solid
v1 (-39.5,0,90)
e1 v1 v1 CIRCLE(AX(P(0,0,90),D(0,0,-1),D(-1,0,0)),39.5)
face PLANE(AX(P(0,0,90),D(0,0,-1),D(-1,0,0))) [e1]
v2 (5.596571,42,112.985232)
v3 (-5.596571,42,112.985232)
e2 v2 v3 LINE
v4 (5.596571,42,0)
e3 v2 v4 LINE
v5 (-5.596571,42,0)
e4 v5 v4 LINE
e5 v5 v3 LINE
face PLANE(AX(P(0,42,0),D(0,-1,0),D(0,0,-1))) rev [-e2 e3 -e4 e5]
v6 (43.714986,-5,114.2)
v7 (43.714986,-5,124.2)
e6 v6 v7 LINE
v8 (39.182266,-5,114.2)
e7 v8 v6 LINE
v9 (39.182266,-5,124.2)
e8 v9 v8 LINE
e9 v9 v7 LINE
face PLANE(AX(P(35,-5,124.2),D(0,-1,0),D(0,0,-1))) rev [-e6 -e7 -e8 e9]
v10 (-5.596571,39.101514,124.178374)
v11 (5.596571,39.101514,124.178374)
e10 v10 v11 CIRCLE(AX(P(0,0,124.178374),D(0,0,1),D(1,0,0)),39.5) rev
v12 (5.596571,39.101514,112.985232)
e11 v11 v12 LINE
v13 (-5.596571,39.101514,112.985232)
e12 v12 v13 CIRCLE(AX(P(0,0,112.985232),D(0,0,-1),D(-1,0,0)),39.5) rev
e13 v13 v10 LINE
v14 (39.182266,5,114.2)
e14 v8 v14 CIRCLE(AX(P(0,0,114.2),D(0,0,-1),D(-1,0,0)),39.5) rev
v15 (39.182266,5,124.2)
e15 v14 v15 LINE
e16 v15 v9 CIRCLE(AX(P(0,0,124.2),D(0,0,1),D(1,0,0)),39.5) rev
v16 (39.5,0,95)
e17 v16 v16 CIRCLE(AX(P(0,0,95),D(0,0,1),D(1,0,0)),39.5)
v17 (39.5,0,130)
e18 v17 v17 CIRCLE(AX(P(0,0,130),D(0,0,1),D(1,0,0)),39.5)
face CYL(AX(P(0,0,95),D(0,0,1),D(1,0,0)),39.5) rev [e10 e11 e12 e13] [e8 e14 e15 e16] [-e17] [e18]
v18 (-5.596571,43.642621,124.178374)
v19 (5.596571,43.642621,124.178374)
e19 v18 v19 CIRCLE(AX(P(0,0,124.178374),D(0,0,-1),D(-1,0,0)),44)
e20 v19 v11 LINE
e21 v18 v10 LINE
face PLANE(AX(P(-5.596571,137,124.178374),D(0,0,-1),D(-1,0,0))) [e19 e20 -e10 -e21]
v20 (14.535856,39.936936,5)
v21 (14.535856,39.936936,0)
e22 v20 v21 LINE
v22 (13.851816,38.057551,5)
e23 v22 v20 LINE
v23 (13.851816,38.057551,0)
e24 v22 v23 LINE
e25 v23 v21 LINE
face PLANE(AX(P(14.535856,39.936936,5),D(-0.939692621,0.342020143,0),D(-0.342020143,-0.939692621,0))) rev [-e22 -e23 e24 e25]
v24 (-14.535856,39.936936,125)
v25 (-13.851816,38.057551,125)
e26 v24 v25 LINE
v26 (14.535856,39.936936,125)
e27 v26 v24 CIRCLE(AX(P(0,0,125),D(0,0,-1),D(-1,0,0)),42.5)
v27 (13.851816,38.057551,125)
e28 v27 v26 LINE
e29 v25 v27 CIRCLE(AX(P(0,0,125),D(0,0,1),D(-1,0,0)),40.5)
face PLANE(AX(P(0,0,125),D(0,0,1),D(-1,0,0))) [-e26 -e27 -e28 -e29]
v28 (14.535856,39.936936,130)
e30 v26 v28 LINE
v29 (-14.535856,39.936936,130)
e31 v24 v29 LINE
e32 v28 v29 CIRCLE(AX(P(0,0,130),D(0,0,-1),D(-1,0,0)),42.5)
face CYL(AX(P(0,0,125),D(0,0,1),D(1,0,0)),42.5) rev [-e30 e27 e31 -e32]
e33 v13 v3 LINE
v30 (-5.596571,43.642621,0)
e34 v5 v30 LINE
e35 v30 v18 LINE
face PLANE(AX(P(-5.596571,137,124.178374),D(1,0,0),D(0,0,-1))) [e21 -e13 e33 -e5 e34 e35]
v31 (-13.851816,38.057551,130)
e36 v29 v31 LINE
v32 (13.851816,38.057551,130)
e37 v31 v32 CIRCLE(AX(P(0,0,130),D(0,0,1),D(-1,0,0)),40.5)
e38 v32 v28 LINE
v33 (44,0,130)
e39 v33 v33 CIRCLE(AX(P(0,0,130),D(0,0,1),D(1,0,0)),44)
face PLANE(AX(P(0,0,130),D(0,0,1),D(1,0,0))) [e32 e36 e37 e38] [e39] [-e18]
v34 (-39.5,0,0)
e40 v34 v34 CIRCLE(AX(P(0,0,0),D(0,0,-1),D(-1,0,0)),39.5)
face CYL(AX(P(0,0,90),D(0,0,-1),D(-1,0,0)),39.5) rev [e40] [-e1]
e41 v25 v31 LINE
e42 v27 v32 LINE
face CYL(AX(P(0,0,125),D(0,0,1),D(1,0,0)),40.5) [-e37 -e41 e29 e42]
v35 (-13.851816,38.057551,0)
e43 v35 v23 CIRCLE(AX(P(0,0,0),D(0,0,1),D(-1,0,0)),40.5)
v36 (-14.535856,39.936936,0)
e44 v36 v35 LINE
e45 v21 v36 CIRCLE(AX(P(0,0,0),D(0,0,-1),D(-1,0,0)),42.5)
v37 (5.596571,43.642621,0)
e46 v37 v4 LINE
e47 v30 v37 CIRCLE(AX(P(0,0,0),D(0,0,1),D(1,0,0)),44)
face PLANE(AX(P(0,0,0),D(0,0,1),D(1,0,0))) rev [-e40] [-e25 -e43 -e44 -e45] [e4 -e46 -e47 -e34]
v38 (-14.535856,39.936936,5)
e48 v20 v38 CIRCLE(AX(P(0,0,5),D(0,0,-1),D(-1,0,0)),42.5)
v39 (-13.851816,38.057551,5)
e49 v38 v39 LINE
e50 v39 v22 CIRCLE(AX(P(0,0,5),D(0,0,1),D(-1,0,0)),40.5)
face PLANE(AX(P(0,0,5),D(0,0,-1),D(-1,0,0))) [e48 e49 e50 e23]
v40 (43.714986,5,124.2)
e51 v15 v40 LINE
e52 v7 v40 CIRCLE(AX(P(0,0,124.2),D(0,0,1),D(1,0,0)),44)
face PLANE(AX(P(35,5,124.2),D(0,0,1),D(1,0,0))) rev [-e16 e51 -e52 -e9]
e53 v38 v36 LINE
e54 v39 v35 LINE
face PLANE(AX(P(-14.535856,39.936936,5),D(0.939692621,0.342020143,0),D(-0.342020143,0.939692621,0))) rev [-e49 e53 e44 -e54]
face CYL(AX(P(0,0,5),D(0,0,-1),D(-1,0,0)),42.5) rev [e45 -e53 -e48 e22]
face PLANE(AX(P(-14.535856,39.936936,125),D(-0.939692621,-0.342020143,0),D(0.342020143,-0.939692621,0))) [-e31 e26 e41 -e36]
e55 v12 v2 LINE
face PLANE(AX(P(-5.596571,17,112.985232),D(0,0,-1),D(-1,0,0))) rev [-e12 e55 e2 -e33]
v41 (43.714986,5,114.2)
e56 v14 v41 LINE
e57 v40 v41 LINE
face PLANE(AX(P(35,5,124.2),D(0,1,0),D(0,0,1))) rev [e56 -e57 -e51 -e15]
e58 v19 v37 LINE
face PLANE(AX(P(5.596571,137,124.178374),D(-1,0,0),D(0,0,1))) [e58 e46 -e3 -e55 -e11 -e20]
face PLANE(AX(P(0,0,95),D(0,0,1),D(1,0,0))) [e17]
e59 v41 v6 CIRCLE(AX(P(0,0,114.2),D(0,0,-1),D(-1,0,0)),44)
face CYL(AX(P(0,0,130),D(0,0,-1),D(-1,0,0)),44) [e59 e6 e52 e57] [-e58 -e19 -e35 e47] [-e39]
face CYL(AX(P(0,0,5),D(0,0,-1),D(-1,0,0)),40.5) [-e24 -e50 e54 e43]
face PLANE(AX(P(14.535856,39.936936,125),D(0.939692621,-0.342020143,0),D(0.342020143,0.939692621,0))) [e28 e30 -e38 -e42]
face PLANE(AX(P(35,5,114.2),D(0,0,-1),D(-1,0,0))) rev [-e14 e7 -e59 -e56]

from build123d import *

# Parameters (mm, degrees)
SKETCH1_R               = 44
BOSS_EXTRUDE1_DEPTH     = 130
SKETCH2_R               = 39.5
CUT_EXTRUDE1_DEPTH      = 90
SKETCH3_R               = 39.5
CUT_EXTRUDE2_DEPTH      = 35
SKETCH6_W               = 11.193141888
SKETCH6_H               = 132.356748066
CUT_EXTRUDE3_DEPTH      = 95
SKETCH7_W               = 11.193141888
SKETCH7_H               = 11.193141887
CUT_EXTRUDE4_DEPTH      = 25
CUT_EXTRUDE5_DEPTH      = 5
SKETCH11_W              = 10
SKETCH11_H              = 10
CUT_EXTRUDE6_DEPTH      = 5
CUT_EXTRUDE6_DEPTH_BACK = 5


with BuildPart() as part:
    # Sketch1 → Boss-Extrude1 (new body)
    with BuildSketch(Plane.XY):
        Circle(SKETCH1_R)
    extrude(amount=BOSS_EXTRUDE1_DEPTH)

    # Sketch2 → Cut-Extrude1 (cut)
    with BuildSketch(Plane(origin=(0, 0, 0), x_dir=(-1, 0, 0), z_dir=(0, 0, -1))):
        Circle(SKETCH2_R)
    extrude(amount=-CUT_EXTRUDE1_DEPTH, mode=Mode.SUBTRACT)

    # Sketch3 → Cut-Extrude2 (cut)
    with BuildSketch(Plane.XY.offset(130)):
        Circle(SKETCH3_R)
    extrude(amount=-CUT_EXTRUDE2_DEPTH, mode=Mode.SUBTRACT)

    # Sketch6 → Cut-Extrude3 (cut)
    with BuildSketch(Plane(origin=(0, 42, 0), x_dir=(1, 0, 0), z_dir=(0, 1, 0))):
        with Locations((0, -58)):
            Rectangle(SKETCH6_W, SKETCH6_H)
    extrude(amount=CUT_EXTRUDE3_DEPTH, mode=Mode.SUBTRACT)

    # Sketch7 → Cut-Extrude4 (cut)
    with BuildSketch(Plane(origin=(0, 42, 0), x_dir=(1, 0, 0), z_dir=(0, 1, 0))):
        with Locations((0, -118.581803089)):
            Rectangle(SKETCH7_W, SKETCH7_H)
    extrude(amount=-CUT_EXTRUDE4_DEPTH, mode=Mode.SUBTRACT)

    # Sketch9 → Cut-Extrude5 (cut)
    with BuildSketch(Plane(origin=(0, 0, 0), x_dir=(-1, 0, 0), z_dir=(0, 0, -1))):
        with BuildLine():
            Line((14.535856091, 39.936936383), (13.851815805, 38.057551142))
            ThreePointArc((13.851815805, 38.057551142), (0, -40.5), (-13.851815805, 38.057551142))
            Line((-13.851815805, 38.057551142), (-14.535856091, 39.936936383))
            ThreePointArc((-14.535856091, 39.936936383), (0, -42.5), (14.535856091, 39.936936383))
        make_face()
    cut_extrude5 = extrude(amount=-CUT_EXTRUDE5_DEPTH, mode=Mode.SUBTRACT)

    # Sketch11 → Cut-Extrude6 (cut, two sides)
    with BuildSketch(Plane(origin=(40, 0, 0), x_dir=(0, 0, -1), z_dir=(1, 0, 0))) as cut_extrude6_sk:
        with Locations((-119.2, 0)):
            Rectangle(SKETCH11_W, SKETCH11_H)
    extrude(amount=CUT_EXTRUDE6_DEPTH, mode=Mode.SUBTRACT)
    extrude(cut_extrude6_sk.sketch, amount=-CUT_EXTRUDE6_DEPTH_BACK, mode=Mode.SUBTRACT)

    # Mirror1: Cut-Extrude5 across plane
    add(cut_extrude5.mirror(Plane(origin=(0, 0, 65), x_dir=(1, 0, 0), z_dir=(0, 0, -1))), mode=Mode.SUBTRACT)


solid = part.part
